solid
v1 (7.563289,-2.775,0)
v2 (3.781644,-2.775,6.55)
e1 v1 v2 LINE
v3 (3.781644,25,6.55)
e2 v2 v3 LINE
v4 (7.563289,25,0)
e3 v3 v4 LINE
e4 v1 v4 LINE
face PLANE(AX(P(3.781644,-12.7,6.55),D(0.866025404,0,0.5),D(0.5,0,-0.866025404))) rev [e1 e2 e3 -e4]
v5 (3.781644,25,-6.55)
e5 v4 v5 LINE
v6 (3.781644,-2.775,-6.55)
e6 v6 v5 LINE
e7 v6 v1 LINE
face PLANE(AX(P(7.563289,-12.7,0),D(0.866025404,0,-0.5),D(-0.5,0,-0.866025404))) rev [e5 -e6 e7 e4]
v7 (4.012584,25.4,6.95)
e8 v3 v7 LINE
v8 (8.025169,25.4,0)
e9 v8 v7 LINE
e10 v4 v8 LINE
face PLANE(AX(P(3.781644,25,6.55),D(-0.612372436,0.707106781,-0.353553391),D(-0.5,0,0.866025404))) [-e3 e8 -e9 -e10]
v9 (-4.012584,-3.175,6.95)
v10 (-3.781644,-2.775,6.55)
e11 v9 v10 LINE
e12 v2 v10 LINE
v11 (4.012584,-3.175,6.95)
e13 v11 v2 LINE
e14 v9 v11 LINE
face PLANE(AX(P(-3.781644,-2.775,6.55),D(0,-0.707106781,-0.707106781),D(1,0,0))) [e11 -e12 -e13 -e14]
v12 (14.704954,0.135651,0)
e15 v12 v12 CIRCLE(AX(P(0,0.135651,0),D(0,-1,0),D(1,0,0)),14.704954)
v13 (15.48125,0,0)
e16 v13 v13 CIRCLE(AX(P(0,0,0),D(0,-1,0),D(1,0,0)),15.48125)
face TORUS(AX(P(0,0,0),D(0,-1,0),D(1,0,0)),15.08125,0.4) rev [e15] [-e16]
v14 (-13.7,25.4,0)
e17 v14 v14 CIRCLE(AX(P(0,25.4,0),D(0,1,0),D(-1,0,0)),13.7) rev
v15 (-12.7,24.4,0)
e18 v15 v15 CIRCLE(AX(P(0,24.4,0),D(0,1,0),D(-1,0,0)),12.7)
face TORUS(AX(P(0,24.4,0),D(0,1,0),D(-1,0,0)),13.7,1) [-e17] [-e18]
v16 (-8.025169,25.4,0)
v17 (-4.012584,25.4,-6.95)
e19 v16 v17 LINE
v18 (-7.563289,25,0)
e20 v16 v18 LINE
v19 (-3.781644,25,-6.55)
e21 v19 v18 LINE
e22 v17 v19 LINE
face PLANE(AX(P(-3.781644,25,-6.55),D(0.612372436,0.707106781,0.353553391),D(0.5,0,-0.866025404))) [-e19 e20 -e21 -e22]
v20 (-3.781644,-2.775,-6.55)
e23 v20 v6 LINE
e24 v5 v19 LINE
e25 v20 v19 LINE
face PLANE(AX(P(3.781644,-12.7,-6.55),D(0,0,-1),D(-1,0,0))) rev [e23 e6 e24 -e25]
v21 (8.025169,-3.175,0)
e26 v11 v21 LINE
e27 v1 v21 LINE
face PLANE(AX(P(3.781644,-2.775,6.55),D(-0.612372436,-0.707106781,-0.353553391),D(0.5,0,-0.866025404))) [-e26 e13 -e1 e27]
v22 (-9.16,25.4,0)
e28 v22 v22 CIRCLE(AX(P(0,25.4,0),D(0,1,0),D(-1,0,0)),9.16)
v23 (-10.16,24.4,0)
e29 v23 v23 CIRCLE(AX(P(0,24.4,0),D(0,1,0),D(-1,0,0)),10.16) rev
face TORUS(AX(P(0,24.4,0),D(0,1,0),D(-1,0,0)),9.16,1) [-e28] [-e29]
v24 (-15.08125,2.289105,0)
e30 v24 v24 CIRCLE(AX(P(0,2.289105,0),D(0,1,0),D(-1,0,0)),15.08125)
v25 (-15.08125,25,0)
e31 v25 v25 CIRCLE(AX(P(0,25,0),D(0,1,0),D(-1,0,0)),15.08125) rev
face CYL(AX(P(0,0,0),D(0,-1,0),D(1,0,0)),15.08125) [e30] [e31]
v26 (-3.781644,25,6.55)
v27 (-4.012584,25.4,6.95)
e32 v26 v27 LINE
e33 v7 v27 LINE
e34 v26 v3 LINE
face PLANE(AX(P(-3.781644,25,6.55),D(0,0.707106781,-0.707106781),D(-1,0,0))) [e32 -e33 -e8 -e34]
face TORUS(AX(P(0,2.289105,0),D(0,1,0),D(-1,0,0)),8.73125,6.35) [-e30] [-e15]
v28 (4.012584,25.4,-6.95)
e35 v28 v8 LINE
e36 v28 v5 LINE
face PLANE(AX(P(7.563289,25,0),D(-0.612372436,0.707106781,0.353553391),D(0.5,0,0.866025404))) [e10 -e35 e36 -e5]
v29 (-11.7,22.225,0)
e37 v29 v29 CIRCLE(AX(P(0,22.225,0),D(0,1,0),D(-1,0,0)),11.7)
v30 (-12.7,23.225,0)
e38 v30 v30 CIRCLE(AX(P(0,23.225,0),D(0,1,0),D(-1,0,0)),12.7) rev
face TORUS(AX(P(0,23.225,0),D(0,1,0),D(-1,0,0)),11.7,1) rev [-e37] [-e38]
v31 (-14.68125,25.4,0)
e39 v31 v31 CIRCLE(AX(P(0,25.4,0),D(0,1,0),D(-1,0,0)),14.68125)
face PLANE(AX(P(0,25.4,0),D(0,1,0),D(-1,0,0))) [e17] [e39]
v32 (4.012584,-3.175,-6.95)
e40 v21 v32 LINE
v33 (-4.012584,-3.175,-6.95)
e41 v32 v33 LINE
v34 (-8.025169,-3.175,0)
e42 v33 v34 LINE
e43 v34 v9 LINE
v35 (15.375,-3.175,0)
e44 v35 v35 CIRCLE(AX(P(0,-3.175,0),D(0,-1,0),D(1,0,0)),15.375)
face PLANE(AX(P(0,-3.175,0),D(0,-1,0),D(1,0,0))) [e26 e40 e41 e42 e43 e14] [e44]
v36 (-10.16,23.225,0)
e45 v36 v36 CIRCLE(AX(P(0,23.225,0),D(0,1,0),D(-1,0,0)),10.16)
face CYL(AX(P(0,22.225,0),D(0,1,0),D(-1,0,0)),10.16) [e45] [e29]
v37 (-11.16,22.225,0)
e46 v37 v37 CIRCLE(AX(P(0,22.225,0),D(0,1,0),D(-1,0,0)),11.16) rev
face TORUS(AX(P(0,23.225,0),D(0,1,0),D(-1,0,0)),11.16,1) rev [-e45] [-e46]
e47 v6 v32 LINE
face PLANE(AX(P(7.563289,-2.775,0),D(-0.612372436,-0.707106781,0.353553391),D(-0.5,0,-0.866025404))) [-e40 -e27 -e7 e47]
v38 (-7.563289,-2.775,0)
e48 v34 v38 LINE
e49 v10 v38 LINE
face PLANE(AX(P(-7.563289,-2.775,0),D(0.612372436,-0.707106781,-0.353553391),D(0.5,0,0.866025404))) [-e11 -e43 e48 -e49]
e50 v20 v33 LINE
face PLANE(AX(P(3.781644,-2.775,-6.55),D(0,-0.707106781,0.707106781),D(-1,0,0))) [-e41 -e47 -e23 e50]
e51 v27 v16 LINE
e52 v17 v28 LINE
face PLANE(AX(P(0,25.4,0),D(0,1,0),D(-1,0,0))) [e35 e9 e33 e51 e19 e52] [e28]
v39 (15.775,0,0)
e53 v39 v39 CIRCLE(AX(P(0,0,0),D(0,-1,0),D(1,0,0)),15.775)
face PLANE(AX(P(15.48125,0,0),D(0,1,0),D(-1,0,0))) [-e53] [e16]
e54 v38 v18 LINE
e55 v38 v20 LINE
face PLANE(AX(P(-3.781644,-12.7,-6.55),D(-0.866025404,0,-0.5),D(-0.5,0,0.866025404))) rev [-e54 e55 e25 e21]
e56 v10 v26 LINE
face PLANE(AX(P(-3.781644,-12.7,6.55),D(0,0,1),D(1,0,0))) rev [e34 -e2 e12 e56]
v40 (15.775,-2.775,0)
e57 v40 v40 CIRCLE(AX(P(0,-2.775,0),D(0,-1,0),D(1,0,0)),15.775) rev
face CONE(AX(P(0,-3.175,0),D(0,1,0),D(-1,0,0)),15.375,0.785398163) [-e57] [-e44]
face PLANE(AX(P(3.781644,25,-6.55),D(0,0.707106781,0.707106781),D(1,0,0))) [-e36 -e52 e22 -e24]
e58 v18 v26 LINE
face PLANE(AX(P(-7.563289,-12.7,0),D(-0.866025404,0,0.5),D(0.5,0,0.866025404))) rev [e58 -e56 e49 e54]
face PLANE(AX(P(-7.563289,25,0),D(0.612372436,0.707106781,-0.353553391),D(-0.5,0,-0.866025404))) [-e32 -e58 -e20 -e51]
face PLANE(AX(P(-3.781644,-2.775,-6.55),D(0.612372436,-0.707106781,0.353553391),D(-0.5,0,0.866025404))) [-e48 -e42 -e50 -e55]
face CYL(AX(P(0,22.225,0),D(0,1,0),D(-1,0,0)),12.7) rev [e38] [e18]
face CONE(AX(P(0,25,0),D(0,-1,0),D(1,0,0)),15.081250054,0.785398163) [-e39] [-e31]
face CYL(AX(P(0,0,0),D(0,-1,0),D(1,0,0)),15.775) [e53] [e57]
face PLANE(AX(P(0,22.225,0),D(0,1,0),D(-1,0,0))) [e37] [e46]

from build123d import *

# Parameters (mm, degrees)
CHAMFER1_SIZE      = 0.4
CUT_EXTRUDE1_DEPTH = 38.1
CHAMFER2_SIZE      = 0.4
CHAMFER3_SIZE      = 0.4
SKETCH6_R          = 12.7
SKETCH6_R_2        = 10.16
CUT_EXTRUDE2_DEPTH = 3.175
FILLET2_R          = 1
FILLET7_R          = 6.35


with BuildPart() as part:
    # Sketch4 → Revolve1 (revolve)
    with BuildSketch(Plane.XY):
        with BuildLine():
            Line((0, 0), (0, 25.4))
            Line((0, 25.4), (15.081250054, 25.4))
            Line((15.081250054, 25.4), (15.081250054, 0.4))
            ThreePointArc((15.081250054, 0.4), (14.798407342, -0.282842712), (15.481250054, 0))
            Line((15.481250054, 0), (15.775, 0))
            Line((15.775, 0), (15.775, -3.175))
            Line((15.775, -3.175), (0, -3.175))
            Line((0, -3.175), (0, 0))
        make_face()
    revolve(axis=Axis((0, 0, 0), (0, 1, 0)))

    # Chamfer1
    chamfer1_edges = [part.edges().sort_by_distance(p)[0] for p in [
        (-15.081250054, 25.4, 0),
    ]]
    chamfer(chamfer1_edges, length=CHAMFER1_SIZE)

    # Sketch5 → Cut-Extrude1 (cut)
    with BuildSketch(Plane(origin=(0, 25.4, 0), x_dir=(1, 0, 0), z_dir=(0, 1, 0))):
        Polygon((7.563288526, 0), (3.781644263, 6.55), (-3.781644263, 6.55), (-7.563288526, 0), (-3.781644263, -6.55), (3.781644263, -6.55), align=None)
    extrude(amount=-CUT_EXTRUDE1_DEPTH, mode=Mode.SUBTRACT)

    # Chamfer2
    chamfer2_edges = [part.edges().sort_by_distance(p)[0] for p in [
        (5.672466395, -3.175, 3.275),
        (0, -3.175, 6.55),
        (-5.672466395, -3.175, 3.275),
        (-5.672466395, -3.175, -3.275),
        (0, -3.175, -6.55),
        (5.672466395, -3.175, -3.275),
        (5.672466395, 25.4, 3.275),
        (5.672466395, 25.4, -3.275),
        (0, 25.4, -6.55),
        (-5.672466395, 25.4, -3.275),
        (-5.672466395, 25.4, 3.275),
        (0, 25.4, 6.55),
    ]]
    chamfer(chamfer2_edges, length=CHAMFER2_SIZE)

    # Chamfer3
    chamfer3_edges = [part.edges().sort_by_distance(p)[0] for p in [
        (-15.775, -3.175, 0),
    ]]
    chamfer(chamfer3_edges, length=CHAMFER3_SIZE)

    # Sketch6 → Cut-Extrude2 (cut)
    with BuildSketch(Plane(origin=(0, 25.4, 0), x_dir=(1, 0, 0), z_dir=(0, 1, 0))):
        with Locations(Location((0, 0, 0), (0, 0, 180))):
            Circle(SKETCH6_R)
        with Locations(Location((0, 0, 0), (0, 0, 180))):
            Circle(SKETCH6_R_2, mode=Mode.SUBTRACT)
    extrude(amount=-CUT_EXTRUDE2_DEPTH, mode=Mode.SUBTRACT)

    # Fillet2
    fillet2_edges = [part.edges().sort_by_distance(p)[0] for p in [
        (12.7, 22.225, 0),
        (10.16, 22.225, 0),
        (12.7, 25.4, 0),
        (10.16, 25.4, 0),
    ]]
    fillet(fillet2_edges, radius=FILLET2_R)

    # Fillet7
    fillet7_edges = [part.edges().sort_by_distance(p)[0] for p in [
        (-15.081250054, 0.4, 0),
    ]]
    fillet(fillet7_edges, radius=FILLET7_R)


solid = part.part
